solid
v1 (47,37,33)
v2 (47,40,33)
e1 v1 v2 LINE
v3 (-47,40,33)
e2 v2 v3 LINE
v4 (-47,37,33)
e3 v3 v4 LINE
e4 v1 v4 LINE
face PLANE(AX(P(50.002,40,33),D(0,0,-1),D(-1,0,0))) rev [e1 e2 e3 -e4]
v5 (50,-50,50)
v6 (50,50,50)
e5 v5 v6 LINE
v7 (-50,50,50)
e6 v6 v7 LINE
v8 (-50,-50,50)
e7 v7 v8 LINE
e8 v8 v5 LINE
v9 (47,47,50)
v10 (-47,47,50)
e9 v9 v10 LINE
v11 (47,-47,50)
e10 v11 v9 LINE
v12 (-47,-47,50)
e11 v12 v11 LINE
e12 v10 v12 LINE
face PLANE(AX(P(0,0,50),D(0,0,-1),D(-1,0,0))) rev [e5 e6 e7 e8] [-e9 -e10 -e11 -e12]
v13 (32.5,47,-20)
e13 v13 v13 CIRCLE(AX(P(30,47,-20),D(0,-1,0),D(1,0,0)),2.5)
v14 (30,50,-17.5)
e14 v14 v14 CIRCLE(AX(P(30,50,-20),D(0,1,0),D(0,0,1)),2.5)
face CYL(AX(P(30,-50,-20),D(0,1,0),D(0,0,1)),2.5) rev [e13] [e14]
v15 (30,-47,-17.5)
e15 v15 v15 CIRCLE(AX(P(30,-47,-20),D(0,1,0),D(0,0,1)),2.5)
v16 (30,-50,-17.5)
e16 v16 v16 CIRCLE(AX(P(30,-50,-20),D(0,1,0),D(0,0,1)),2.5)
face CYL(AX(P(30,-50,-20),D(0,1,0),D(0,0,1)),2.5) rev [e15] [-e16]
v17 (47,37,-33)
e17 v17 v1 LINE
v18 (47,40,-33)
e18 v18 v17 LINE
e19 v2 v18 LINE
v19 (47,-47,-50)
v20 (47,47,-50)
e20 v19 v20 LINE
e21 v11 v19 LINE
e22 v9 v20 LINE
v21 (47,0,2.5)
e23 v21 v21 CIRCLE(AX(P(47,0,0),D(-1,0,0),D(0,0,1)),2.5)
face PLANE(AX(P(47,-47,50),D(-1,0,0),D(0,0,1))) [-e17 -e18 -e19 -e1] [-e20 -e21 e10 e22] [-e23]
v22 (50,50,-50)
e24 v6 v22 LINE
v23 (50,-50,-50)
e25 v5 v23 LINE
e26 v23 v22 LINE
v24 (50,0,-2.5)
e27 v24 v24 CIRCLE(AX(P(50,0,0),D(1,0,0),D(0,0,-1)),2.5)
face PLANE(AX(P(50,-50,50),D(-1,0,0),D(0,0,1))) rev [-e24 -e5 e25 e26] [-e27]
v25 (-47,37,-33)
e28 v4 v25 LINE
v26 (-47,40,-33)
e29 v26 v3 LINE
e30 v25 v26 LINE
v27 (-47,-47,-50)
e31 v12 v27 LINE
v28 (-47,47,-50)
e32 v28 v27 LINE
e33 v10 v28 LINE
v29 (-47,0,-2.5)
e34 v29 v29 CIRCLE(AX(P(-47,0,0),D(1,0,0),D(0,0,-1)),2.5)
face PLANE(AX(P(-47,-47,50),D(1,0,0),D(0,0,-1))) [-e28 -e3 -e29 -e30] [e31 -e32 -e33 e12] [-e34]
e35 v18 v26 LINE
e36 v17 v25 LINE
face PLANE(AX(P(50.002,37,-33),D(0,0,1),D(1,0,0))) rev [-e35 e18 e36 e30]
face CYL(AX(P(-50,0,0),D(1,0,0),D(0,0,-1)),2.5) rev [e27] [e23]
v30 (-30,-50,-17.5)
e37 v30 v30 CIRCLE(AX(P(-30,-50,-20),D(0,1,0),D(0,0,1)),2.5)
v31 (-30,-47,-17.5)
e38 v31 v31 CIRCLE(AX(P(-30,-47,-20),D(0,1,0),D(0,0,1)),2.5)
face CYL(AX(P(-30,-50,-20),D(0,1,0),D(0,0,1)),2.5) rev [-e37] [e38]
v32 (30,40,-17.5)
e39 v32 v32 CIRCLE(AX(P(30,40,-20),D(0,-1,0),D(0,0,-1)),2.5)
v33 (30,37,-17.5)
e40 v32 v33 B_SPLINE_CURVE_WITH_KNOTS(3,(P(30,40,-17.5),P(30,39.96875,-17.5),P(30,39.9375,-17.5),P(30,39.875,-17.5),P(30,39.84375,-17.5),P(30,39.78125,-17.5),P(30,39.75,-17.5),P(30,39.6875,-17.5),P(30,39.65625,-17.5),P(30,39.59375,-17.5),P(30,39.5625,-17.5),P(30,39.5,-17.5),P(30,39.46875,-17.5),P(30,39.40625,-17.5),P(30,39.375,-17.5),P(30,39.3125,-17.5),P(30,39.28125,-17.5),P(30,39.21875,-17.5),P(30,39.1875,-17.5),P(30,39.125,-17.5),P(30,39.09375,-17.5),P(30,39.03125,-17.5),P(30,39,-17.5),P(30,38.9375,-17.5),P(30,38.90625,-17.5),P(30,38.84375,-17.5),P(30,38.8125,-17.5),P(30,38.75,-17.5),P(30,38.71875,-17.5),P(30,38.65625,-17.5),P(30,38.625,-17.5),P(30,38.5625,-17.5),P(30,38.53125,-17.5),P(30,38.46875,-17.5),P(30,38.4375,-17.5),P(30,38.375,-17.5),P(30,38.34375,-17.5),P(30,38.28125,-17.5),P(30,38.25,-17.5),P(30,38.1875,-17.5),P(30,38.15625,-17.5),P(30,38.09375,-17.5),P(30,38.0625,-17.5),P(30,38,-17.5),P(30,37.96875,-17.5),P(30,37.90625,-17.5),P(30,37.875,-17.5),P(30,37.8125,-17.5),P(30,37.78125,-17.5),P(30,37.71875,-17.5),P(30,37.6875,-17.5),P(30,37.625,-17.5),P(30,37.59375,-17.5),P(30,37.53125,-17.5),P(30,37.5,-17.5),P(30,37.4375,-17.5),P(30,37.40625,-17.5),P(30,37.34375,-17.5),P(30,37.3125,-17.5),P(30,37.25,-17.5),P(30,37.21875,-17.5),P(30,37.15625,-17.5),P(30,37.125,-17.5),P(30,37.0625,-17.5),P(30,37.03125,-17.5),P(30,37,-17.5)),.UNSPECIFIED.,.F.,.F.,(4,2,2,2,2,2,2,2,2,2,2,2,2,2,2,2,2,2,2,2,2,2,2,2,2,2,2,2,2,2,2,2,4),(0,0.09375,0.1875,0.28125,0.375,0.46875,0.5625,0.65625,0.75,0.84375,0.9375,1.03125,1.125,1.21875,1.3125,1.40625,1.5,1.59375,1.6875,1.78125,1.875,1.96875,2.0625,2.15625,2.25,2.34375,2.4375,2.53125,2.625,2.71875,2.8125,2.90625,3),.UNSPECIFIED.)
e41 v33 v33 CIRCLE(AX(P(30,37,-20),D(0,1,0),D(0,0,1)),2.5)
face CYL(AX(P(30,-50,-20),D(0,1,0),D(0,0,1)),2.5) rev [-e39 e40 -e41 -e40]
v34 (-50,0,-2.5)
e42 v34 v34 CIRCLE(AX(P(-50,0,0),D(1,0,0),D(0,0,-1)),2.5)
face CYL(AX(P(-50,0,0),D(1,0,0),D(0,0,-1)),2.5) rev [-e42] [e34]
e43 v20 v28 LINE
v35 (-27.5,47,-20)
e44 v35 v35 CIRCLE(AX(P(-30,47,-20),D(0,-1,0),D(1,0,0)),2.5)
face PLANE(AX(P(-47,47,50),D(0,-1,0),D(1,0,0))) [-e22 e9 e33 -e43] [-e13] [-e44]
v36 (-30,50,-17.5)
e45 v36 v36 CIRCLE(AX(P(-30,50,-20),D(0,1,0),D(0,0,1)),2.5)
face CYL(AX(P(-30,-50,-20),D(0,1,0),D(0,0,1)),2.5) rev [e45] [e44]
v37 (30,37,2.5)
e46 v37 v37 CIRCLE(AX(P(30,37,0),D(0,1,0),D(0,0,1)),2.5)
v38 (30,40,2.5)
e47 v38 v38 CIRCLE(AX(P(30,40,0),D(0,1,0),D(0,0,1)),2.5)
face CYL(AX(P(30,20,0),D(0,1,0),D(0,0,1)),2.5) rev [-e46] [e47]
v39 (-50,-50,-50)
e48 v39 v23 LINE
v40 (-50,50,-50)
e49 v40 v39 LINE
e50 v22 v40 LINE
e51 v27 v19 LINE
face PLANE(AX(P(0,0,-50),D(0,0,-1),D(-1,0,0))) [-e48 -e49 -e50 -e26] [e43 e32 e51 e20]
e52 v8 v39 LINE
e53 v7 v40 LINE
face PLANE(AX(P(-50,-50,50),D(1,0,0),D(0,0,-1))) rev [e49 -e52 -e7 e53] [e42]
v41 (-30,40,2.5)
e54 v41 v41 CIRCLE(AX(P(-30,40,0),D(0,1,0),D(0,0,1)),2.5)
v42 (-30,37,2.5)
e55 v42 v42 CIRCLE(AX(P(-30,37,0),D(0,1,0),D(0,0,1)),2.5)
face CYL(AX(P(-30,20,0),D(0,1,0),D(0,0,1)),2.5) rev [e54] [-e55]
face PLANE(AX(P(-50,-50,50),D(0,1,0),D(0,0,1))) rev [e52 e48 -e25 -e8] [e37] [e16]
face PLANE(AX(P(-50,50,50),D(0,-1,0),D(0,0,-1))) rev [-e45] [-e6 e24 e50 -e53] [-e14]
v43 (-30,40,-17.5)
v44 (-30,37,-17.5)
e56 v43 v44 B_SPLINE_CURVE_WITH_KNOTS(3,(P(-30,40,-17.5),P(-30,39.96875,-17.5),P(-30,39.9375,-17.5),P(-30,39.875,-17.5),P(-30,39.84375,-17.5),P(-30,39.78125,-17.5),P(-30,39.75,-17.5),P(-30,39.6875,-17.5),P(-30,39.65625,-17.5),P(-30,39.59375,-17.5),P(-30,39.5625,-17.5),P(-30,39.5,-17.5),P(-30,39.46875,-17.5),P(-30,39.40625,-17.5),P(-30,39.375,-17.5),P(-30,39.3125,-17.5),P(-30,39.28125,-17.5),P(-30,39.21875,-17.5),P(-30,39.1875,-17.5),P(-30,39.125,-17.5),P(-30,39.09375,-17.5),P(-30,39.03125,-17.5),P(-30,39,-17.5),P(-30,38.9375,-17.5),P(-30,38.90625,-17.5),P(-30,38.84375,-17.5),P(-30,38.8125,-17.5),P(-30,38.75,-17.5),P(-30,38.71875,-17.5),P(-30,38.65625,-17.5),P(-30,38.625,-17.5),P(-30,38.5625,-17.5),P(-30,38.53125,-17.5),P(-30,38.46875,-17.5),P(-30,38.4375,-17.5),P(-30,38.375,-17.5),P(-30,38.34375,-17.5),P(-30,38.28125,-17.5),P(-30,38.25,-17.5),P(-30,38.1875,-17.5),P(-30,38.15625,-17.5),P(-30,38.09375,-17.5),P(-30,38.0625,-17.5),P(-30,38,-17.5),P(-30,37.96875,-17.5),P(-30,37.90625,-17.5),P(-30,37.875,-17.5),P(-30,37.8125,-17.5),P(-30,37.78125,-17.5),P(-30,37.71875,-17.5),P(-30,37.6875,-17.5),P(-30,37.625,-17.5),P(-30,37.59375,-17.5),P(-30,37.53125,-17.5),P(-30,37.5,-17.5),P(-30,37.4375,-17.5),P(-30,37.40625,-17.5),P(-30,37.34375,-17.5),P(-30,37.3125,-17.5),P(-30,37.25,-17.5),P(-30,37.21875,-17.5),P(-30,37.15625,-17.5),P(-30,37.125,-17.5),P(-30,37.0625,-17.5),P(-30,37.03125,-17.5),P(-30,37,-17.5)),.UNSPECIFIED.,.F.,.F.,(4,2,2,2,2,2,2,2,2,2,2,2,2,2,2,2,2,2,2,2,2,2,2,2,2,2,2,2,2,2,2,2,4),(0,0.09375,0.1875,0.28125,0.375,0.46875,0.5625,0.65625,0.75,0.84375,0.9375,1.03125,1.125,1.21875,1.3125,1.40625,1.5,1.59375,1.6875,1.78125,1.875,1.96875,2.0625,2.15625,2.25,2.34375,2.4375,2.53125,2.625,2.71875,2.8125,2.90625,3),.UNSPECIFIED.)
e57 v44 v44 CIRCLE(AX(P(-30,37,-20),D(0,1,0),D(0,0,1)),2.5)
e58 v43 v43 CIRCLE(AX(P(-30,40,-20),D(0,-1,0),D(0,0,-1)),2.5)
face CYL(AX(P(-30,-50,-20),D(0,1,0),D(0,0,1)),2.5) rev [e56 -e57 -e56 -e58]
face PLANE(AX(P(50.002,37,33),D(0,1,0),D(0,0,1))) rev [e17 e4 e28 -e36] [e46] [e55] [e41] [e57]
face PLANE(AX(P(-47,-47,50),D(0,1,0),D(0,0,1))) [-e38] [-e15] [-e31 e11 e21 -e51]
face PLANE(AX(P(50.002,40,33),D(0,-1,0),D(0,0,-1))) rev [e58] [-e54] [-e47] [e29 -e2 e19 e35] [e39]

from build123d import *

# Parameters (mm, degrees)
SKETCH_1_W          = 100
SKETCH_1_H          = 100
SKETCH_1_W_2        = 94
SKETCH_1_H_2        = 94
EXTRUDE_1_DEPTH     = 50
EXTRUDE_2_REACH     = 122.037
SKETCH_4_W          = 66
SKETCH_4_H          = 3
SKETCH_2_R          = 2.5
CUT_EXTRUDE_1_DEPTH = 50
SKETCH_9_R          = 2.5
CUT_EXTRUDE_5_DEPTH = 123.474487139
SKETCH_10_R         = 2.5
CUT_EXTRUDE_6_DEPTH = 20


with BuildPart() as part:
    # 草圖1 → 填料-伸長1 (new, symmetric)
    with BuildSketch(Plane.XY):
        Rectangle(SKETCH_1_W, SKETCH_1_H)
        Rectangle(SKETCH_1_W_2, SKETCH_1_H_2, mode=Mode.SUBTRACT)
    extrude(amount=EXTRUDE_1_DEPTH, both=True)

    # 草圖4 → 填料-伸長2 (add, up to next)
    with BuildSketch(Plane(origin=(-47, 0, 0), x_dir=(0, 0, -1), z_dir=(1, 0, 0)), mode=Mode.PRIVATE) as extrude_2_sk1:
        with Locations((0, 38.5)):
            Rectangle(SKETCH_4_W, SKETCH_4_H)
    extrude_2_tool1 = extrude(extrude_2_sk1.sketch, amount=EXTRUDE_2_REACH, mode=Mode.PRIVATE) - part.part
    add(extrude_2_tool1.solids().sort_by_distance((-47, 38.5, 0))[0])

    # 草圖2 → 除料-伸長1 (cut, symmetric)
    with BuildSketch(Plane(origin=(0, 0, 0), x_dir=(0, 0, -1), z_dir=(1, 0, 0))):
        Circle(SKETCH_2_R)
    extrude(amount=CUT_EXTRUDE_1_DEPTH, both=True, mode=Mode.SUBTRACT)

    # 草圖9 → 除料-伸長5 (cut, through all)
    with BuildSketch(Plane(origin=(0, 50, 0), x_dir=(1, 0, 0), z_dir=(0, 1, 0))):
        with Locations(Location((-30, 20, 0), (0, 0, 270))):
            Circle(SKETCH_9_R)
        with Locations(Location((30, 20, 0), (0, 0, 270))):
            Circle(SKETCH_9_R)
    extrude(amount=-CUT_EXTRUDE_5_DEPTH, mode=Mode.SUBTRACT)

    # 草圖10 → 除料-伸長6 (cut)
    with BuildSketch(Plane(origin=(0, 40, 0), x_dir=(1, 0, 0), z_dir=(0, 1, 0))):
        with Locations(Location((-30, 0, 0), (0, 0, 270))):
            Circle(SKETCH_10_R)
        with Locations(Location((30, 0, 0), (0, 0, 270))):
            Circle(SKETCH_10_R)
    extrude(amount=-CUT_EXTRUDE_6_DEPTH, mode=Mode.SUBTRACT)


solid = part.part
